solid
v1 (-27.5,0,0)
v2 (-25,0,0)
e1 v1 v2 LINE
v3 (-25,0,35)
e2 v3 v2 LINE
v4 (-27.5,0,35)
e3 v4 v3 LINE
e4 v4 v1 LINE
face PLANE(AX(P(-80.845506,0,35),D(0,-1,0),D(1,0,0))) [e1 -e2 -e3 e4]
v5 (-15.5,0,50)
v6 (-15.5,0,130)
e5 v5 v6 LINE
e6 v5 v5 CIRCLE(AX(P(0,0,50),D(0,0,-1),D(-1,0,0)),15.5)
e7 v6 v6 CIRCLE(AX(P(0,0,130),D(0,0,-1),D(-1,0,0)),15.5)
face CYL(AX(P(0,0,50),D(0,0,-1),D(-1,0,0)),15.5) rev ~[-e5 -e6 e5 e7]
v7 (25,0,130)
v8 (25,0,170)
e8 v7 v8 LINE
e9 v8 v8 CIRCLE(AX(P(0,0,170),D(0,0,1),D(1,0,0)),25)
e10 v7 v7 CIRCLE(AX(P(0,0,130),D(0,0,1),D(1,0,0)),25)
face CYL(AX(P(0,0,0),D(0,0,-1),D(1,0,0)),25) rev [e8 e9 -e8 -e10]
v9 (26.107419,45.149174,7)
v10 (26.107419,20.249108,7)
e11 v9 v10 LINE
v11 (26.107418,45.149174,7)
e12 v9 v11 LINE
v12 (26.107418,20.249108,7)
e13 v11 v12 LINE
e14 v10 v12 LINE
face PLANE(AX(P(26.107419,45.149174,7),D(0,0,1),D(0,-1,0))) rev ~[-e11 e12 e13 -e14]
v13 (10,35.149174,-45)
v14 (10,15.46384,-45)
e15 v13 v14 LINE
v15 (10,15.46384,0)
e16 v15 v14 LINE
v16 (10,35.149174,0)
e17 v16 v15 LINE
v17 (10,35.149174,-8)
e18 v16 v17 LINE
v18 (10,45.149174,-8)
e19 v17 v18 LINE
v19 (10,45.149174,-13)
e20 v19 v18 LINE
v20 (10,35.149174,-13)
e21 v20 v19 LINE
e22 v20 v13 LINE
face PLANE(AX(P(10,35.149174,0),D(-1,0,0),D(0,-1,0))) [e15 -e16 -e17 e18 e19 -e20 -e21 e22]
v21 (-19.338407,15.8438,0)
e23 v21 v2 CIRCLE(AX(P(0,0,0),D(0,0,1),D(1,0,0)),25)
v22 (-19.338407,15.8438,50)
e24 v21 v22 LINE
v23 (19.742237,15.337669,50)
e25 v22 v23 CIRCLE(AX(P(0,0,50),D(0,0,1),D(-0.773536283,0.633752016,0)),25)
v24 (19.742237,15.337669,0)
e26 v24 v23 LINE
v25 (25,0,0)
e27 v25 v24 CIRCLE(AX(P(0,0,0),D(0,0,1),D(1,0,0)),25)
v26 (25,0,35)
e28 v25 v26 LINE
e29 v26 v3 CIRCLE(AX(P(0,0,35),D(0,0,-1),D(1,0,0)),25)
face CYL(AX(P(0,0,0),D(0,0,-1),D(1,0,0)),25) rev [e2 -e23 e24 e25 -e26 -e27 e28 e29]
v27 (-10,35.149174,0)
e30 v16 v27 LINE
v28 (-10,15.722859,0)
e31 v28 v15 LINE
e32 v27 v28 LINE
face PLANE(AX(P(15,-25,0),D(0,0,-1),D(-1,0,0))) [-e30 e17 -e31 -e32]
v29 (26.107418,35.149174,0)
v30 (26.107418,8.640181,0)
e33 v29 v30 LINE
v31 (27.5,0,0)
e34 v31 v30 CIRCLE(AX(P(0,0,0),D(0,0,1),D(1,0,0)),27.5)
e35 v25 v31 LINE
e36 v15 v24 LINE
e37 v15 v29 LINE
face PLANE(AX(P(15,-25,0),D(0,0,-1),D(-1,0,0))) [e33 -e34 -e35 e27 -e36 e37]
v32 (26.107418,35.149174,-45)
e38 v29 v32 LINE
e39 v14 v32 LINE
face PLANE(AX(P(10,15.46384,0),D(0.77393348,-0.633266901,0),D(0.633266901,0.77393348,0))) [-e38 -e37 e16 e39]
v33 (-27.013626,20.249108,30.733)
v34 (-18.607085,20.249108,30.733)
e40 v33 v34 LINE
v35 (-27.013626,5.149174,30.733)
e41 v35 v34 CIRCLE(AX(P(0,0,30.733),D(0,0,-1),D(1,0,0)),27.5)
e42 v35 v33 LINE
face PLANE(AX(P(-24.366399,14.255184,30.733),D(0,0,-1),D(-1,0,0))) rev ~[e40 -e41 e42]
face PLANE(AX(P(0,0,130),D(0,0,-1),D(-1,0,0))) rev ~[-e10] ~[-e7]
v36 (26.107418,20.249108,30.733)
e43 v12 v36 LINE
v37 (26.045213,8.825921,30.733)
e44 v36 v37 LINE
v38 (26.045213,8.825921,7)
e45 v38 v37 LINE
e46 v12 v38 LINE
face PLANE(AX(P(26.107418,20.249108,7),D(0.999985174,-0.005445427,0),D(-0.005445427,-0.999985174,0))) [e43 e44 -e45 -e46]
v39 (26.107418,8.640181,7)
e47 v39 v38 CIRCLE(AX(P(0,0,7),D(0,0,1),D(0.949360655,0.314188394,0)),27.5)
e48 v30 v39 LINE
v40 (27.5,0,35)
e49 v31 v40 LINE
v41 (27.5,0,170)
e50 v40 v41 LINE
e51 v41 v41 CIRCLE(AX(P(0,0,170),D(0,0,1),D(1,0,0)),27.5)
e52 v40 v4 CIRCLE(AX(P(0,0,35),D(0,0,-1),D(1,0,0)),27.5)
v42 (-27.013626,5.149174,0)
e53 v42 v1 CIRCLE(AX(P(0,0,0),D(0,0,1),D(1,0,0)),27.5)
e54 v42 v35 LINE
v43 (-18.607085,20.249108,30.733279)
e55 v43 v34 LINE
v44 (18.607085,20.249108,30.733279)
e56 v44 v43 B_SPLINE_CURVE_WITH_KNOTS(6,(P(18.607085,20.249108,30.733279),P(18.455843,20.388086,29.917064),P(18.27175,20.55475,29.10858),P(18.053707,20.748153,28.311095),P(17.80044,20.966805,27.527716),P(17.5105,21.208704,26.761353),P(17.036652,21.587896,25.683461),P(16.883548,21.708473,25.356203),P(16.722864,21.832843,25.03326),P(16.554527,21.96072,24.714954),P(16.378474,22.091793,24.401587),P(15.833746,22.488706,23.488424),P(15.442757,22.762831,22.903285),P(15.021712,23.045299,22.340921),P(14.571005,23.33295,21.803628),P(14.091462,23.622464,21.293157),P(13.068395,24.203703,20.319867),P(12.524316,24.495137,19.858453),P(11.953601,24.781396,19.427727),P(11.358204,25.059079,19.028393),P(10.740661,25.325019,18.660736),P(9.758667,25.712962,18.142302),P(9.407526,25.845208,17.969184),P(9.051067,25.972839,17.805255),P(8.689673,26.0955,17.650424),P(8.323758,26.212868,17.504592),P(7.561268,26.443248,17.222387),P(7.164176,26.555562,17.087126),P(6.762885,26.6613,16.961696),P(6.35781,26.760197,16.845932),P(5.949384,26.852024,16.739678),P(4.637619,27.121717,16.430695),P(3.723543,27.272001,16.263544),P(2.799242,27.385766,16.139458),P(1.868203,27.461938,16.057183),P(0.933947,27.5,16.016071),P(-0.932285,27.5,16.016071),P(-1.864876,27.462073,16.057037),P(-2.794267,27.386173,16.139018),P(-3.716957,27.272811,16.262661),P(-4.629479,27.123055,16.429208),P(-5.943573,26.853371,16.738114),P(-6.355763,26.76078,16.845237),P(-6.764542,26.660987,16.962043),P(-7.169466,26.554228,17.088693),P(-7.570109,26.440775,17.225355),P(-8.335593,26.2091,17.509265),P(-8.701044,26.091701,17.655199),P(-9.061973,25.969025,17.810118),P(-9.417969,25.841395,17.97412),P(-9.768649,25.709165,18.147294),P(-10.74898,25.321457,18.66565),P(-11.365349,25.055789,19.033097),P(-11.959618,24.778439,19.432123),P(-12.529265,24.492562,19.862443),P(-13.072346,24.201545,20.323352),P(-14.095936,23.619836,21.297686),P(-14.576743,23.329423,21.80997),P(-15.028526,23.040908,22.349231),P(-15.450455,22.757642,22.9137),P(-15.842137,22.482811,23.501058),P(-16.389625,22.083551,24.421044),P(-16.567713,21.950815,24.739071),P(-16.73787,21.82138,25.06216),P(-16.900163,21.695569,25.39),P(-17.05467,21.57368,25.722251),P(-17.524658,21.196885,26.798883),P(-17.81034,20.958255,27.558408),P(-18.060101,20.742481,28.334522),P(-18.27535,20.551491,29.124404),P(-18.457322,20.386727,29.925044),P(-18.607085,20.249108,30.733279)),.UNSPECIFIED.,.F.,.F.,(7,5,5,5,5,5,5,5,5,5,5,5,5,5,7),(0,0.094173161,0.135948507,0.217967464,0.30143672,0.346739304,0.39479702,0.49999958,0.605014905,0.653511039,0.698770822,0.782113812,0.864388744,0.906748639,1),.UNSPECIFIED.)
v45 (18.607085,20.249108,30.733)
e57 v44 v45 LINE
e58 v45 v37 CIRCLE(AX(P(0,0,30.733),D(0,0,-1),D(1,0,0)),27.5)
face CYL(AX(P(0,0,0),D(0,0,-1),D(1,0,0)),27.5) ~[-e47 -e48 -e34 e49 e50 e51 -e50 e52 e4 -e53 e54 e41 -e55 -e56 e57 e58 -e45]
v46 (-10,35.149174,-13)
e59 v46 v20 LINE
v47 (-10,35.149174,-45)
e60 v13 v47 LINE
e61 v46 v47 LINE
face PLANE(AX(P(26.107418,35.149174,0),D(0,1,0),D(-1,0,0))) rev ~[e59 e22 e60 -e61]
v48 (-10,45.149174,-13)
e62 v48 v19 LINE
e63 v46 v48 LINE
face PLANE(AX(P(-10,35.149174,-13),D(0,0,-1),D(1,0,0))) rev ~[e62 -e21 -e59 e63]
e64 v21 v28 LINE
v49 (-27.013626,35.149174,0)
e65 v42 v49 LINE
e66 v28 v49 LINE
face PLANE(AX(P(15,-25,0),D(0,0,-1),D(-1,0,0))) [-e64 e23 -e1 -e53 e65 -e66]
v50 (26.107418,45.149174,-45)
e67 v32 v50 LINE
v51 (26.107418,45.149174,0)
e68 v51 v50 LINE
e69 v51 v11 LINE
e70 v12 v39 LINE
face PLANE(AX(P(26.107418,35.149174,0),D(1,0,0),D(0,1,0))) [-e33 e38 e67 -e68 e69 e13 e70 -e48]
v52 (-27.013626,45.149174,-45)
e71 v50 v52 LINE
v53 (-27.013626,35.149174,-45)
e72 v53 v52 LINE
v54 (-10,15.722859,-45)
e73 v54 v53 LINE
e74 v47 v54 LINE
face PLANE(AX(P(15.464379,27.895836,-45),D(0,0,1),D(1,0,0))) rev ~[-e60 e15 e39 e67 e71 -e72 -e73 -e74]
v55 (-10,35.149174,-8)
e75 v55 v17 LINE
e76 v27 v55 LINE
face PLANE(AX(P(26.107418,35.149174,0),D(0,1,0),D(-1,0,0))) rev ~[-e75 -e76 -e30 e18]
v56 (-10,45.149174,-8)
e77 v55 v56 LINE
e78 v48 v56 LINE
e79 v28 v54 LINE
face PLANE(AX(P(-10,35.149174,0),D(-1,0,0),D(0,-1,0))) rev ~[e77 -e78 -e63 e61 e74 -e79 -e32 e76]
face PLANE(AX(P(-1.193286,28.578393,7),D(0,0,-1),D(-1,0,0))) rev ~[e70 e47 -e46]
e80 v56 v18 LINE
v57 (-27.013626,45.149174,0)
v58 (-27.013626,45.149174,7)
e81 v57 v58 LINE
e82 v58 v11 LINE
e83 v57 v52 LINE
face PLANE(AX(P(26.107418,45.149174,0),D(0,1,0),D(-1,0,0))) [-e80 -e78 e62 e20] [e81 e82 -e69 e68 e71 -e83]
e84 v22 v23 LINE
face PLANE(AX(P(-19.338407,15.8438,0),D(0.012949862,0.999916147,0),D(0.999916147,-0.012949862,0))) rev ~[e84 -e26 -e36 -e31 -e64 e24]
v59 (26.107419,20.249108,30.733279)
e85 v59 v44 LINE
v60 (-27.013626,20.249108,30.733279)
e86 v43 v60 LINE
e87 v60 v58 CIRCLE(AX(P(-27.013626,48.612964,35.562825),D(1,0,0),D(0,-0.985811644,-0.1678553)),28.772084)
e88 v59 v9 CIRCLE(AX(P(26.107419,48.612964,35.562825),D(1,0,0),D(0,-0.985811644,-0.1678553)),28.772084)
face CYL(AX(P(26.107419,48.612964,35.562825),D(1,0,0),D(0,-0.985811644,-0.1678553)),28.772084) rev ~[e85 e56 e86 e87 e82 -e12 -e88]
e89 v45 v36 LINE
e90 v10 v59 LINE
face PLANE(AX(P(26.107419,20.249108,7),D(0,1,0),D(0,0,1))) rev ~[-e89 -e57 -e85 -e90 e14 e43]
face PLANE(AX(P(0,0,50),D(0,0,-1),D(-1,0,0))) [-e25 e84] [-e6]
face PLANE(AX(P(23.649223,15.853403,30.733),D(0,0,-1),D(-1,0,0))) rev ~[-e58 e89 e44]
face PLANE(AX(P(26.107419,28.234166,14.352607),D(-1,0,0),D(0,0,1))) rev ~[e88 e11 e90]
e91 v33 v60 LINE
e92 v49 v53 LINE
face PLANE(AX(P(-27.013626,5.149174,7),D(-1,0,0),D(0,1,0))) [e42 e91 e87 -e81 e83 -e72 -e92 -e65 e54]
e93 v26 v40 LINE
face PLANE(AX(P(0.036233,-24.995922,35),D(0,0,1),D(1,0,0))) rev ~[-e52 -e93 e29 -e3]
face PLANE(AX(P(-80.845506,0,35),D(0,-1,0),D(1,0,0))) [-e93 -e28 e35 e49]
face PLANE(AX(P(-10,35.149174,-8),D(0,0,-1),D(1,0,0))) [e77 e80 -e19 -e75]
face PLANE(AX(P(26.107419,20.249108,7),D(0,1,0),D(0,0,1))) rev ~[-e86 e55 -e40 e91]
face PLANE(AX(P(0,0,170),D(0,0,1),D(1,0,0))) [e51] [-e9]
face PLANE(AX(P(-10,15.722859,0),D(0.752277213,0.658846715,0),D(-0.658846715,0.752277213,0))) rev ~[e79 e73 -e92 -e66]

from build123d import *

# Parameters (mm, degrees)
SKETCH1_R               = 27.5
SKETCH1_R_2             = 25
BOSS_EXTRUDE1_DEPTH     = 170
SKETCH5_R               = 25
SKETCH5_R_2             = 15.5
BOSS_EXTRUDE5_DEPTH     = 80
CUT_EXTRUDE3_REACH      = 176.392
CUT_EXTRUDE3_END_RADIUS = 27.5
SKETCH7_W               = 30
SKETCH7_H               = 10
SKETCH9_W               = 2
SKETCH9_H               = 10
BOSS_EXTRUDE6_DEPTH     = 5
SKETCH10_W              = 30
SKETCH10_H              = 10
BOSS_EXTRUDE7_DEPTH     = 3
CUT_EXTRUDE4_REACH      = 182.932
SKETCH11_R              = 1.5
EXTRUDE_2_DEPTH         = 7
SKETCH_9_W              = 161.763477791
SKETCH_9_H              = 49.991844809
CUT_EXTRUDE_2_DEPTH     = 35
SKETCH_10_W             = 53.121044409
SKETCH_10_H             = 10
EXTRUDE_3_DEPTH         = 45
CUT_EXTRUDE_3_REACH     = 185.252
SKETCH_12_W             = 20
SKETCH_12_H             = 5
EXTRUDE_START           = 50
EXTRUDE_4_DEPTH         = 50
EXTRUDE_START_2         = -53.121045
EXTRUDE_5_DEPTH         = 53.121045
EXTRUDE_7_DEPTH         = 23.733
EXTRUDE_8_DEPTH         = 23.733
EXTRUDE_11_DEPTH        = 45


with BuildPart() as part:
    # Sketch1 → Boss-Extrude1 (new body)
    with BuildSketch(Plane.XY):
        Circle(SKETCH1_R)
        Circle(SKETCH1_R_2, mode=Mode.SUBTRACT)
    extrude(amount=BOSS_EXTRUDE1_DEPTH)

    # Sketch5 → Boss-Extrude5 (add)
    with BuildSketch(Plane(origin=(0, 0, 50), x_dir=(-1, 0, 0), z_dir=(0, 0, -1))):
        Circle(SKETCH5_R)
        Circle(SKETCH5_R_2, mode=Mode.SUBTRACT)
    extrude(amount=-BOSS_EXTRUDE5_DEPTH)

    # Cut-Extrude3: up to this cylinder (the profile starts inside it)
    cut_extrude3_end = Plane(origin=(0, 0, 5), z_dir=(0, 0, -1)) * Cylinder(CUT_EXTRUDE3_END_RADIUS, 408.784, mode=Mode.PRIVATE)
    # Sketch7 → Cut-Extrude3 (cut, up to the surface)
    with BuildSketch(Plane(origin=(0, 0, 0), x_dir=(1, 0, 0), z_dir=(0, 1, 0)), mode=Mode.PRIVATE) as cut_extrude3_sk1:
        with Locations((0, -5)):
            Rectangle(SKETCH7_W, SKETCH7_H)
    cut_extrude3_tool1 = extrude(cut_extrude3_sk1.sketch, amount=-CUT_EXTRUDE3_REACH, mode=Mode.PRIVATE) & cut_extrude3_end
    add(cut_extrude3_tool1.solids().sort_by_distance((0, 0, 5))[0], mode=Mode.SUBTRACT)

    # Sketch9 → Boss-Extrude6 (add)
    with BuildSketch(Plane(origin=(0, -20, 0), x_dir=(-1, 0, 0), z_dir=(0, -1, 0))):
        with Locations((-14, -5)):
            Rectangle(SKETCH9_W, SKETCH9_H)
        with Locations((14, -5)):
            Rectangle(SKETCH9_W, SKETCH9_H)
    extrude(amount=BOSS_EXTRUDE6_DEPTH)

    # Sketch10 → Boss-Extrude7 (add)
    with BuildSketch(Plane(origin=(0, -25, 0), x_dir=(-1, 0, 0), z_dir=(0, -1, 0))):
        with Locations((0, -5)):
            Rectangle(SKETCH10_W, SKETCH10_H)
    extrude(amount=BOSS_EXTRUDE7_DEPTH)

    # Sketch11 → Cut-Extrude4 (cut, up to next)
    with BuildSketch(Plane(origin=(0, -28, 0), x_dir=(-1, 0, 0), z_dir=(0, -1, 0)), mode=Mode.PRIVATE) as cut_extrude4_sk1:
        with Locations(Location((-10, -2, 0), (0, 0, 90))):
            Circle(SKETCH11_R)
    cut_extrude4_tool1 = extrude(cut_extrude4_sk1.sketch, amount=-CUT_EXTRUDE4_REACH, mode=Mode.PRIVATE) & part.part
    # Sketch11 → Cut-Extrude4 (cut, up to next)
    with BuildSketch(Plane(origin=(0, -28, 0), x_dir=(-1, 0, 0), z_dir=(0, -1, 0)), mode=Mode.PRIVATE) as cut_extrude4_sk2:
        with Locations(Location((10, -2, 0), (0, 0, 90))):
            Circle(SKETCH11_R)
    cut_extrude4_tool2 = extrude(cut_extrude4_sk2.sketch, amount=-CUT_EXTRUDE4_REACH, mode=Mode.PRIVATE) & part.part
    add(cut_extrude4_tool1.solids().sort_by_distance((10, -28, 2))[0], mode=Mode.SUBTRACT)
    add(cut_extrude4_tool2.solids().sort_by_distance((-10, -28, 2))[0], mode=Mode.SUBTRACT)

    # 草图2 → 凸台-拉伸2 (add)
    with BuildSketch(Plane(origin=(0, 0, 0), x_dir=(-1, 0, 0), z_dir=(0, 0, -1))):
        with BuildLine():
            Line((27.013626396, 45.149173619), (-26.107418013, 45.149173619))
            Line((-26.107418013, 45.149173619), (-26.107418013, 8.640180826))
            ThreePointArc((-26.107418013, 8.640180826), (1.803354164, 27.440807455), (27.013626396, 5.149173619))
            Line((27.013626396, 5.149173619), (27.013626396, 45.149173619))
        make_face()
    extrude(amount=-EXTRUDE_2_DEPTH)

    # 草图9 → 切除-拉伸2 (cut)
    with BuildSketch(Plane.XY.offset(35)):
        with Locations((0.03623335, -24.995922404)):
            Rectangle(SKETCH_9_W, SKETCH_9_H)
    extrude(amount=-CUT_EXTRUDE_2_DEPTH, mode=Mode.SUBTRACT)

    # 草图10 → 凸台-拉伸3 (add)
    with BuildSketch(Plane(origin=(0, 0, 0), x_dir=(-1, 0, 0), z_dir=(0, 0, -1))):
        with Locations((0.453104192, 40.149173619)):
            Rectangle(SKETCH_10_W, SKETCH_10_H)
    extrude(amount=EXTRUDE_3_DEPTH)

    # 草图12 → 切除-拉伸3 (cut, up to next)
    with BuildSketch(Plane.XZ.offset(-35.149173619), mode=Mode.PRIVATE) as cut_extrude_3_sk1:
        with Locations((0, -10.5)):
            Rectangle(SKETCH_12_W, SKETCH_12_H)
    cut_extrude_3_tool1 = extrude(cut_extrude_3_sk1.sketch, amount=-CUT_EXTRUDE_3_REACH, mode=Mode.PRIVATE) & part.part
    add(cut_extrude_3_tool1.solids().sort_by_distance((0, 35.149174, -10.5))[0], mode=Mode.SUBTRACT)

    # 草图16 → 凸台-拉伸4 (add)
    with BuildSketch(Plane(origin=(0, 0, 50), x_dir=(-1, 0, 0), z_dir=(0, 0, -1)).offset(EXTRUDE_START)):
        with BuildLine():
            Line((19.338407085, 15.843800409), (-19.742236665, 15.337669036))
            ThreePointArc((-19.742236665, 15.337669036), (-0.323746543, 24.997903676), (19.338407085, 15.843800409))
        make_face()
    extrude(amount=-EXTRUDE_4_DEPTH)

    # 草图18 → 凸台-拉伸5 (add)
    with BuildSketch(Plane.ZY.offset(27.013626396).offset(EXTRUDE_START_2)):
        with BuildLine():
            Line((7, 45.149173619), (7, 20.249107981))
            Line((7, 20.249107981), (30.733278624, 20.249107981))
            ThreePointArc((30.733278624, 20.249107981), (14.73577697, 28.761845679), (7, 45.149173619))
        make_face()
    extrude(amount=EXTRUDE_5_DEPTH)

    # 草图21 → 凸台-拉伸7 (add)
    with BuildSketch(Plane.XY.offset(7)):
        Polygon((26.107418013, 20.249107981), (26.045212955, 8.825921037), (18.607085371, 20.249107981), align=None)
    extrude(amount=EXTRUDE_7_DEPTH)

    # 草图23 → 凸台-拉伸8 (add)
    with BuildSketch(Plane.XY.offset(7)):
        Polygon((-18.607085371, 20.249107981), (-27.013626396, 5.149173619), (-27.013626396, 20.249107981), align=None)
    extrude(amount=EXTRUDE_8_DEPTH)

    # 草图24 → 凸台-拉伸11 (add)
    with BuildSketch(Plane(origin=(0, 0, 0), x_dir=(-1, 0, 0), z_dir=(0, 0, -1))):
        Polygon((-26.107418013, 35.149173619), (-10, 35.149173619), (-10, 15.463840233), align=None)
        Polygon((27.013626396, 35.149173619), (10, 35.149173619), (10, 15.722859188), align=None)
    extrude(amount=EXTRUDE_11_DEPTH)


solid = part.part
